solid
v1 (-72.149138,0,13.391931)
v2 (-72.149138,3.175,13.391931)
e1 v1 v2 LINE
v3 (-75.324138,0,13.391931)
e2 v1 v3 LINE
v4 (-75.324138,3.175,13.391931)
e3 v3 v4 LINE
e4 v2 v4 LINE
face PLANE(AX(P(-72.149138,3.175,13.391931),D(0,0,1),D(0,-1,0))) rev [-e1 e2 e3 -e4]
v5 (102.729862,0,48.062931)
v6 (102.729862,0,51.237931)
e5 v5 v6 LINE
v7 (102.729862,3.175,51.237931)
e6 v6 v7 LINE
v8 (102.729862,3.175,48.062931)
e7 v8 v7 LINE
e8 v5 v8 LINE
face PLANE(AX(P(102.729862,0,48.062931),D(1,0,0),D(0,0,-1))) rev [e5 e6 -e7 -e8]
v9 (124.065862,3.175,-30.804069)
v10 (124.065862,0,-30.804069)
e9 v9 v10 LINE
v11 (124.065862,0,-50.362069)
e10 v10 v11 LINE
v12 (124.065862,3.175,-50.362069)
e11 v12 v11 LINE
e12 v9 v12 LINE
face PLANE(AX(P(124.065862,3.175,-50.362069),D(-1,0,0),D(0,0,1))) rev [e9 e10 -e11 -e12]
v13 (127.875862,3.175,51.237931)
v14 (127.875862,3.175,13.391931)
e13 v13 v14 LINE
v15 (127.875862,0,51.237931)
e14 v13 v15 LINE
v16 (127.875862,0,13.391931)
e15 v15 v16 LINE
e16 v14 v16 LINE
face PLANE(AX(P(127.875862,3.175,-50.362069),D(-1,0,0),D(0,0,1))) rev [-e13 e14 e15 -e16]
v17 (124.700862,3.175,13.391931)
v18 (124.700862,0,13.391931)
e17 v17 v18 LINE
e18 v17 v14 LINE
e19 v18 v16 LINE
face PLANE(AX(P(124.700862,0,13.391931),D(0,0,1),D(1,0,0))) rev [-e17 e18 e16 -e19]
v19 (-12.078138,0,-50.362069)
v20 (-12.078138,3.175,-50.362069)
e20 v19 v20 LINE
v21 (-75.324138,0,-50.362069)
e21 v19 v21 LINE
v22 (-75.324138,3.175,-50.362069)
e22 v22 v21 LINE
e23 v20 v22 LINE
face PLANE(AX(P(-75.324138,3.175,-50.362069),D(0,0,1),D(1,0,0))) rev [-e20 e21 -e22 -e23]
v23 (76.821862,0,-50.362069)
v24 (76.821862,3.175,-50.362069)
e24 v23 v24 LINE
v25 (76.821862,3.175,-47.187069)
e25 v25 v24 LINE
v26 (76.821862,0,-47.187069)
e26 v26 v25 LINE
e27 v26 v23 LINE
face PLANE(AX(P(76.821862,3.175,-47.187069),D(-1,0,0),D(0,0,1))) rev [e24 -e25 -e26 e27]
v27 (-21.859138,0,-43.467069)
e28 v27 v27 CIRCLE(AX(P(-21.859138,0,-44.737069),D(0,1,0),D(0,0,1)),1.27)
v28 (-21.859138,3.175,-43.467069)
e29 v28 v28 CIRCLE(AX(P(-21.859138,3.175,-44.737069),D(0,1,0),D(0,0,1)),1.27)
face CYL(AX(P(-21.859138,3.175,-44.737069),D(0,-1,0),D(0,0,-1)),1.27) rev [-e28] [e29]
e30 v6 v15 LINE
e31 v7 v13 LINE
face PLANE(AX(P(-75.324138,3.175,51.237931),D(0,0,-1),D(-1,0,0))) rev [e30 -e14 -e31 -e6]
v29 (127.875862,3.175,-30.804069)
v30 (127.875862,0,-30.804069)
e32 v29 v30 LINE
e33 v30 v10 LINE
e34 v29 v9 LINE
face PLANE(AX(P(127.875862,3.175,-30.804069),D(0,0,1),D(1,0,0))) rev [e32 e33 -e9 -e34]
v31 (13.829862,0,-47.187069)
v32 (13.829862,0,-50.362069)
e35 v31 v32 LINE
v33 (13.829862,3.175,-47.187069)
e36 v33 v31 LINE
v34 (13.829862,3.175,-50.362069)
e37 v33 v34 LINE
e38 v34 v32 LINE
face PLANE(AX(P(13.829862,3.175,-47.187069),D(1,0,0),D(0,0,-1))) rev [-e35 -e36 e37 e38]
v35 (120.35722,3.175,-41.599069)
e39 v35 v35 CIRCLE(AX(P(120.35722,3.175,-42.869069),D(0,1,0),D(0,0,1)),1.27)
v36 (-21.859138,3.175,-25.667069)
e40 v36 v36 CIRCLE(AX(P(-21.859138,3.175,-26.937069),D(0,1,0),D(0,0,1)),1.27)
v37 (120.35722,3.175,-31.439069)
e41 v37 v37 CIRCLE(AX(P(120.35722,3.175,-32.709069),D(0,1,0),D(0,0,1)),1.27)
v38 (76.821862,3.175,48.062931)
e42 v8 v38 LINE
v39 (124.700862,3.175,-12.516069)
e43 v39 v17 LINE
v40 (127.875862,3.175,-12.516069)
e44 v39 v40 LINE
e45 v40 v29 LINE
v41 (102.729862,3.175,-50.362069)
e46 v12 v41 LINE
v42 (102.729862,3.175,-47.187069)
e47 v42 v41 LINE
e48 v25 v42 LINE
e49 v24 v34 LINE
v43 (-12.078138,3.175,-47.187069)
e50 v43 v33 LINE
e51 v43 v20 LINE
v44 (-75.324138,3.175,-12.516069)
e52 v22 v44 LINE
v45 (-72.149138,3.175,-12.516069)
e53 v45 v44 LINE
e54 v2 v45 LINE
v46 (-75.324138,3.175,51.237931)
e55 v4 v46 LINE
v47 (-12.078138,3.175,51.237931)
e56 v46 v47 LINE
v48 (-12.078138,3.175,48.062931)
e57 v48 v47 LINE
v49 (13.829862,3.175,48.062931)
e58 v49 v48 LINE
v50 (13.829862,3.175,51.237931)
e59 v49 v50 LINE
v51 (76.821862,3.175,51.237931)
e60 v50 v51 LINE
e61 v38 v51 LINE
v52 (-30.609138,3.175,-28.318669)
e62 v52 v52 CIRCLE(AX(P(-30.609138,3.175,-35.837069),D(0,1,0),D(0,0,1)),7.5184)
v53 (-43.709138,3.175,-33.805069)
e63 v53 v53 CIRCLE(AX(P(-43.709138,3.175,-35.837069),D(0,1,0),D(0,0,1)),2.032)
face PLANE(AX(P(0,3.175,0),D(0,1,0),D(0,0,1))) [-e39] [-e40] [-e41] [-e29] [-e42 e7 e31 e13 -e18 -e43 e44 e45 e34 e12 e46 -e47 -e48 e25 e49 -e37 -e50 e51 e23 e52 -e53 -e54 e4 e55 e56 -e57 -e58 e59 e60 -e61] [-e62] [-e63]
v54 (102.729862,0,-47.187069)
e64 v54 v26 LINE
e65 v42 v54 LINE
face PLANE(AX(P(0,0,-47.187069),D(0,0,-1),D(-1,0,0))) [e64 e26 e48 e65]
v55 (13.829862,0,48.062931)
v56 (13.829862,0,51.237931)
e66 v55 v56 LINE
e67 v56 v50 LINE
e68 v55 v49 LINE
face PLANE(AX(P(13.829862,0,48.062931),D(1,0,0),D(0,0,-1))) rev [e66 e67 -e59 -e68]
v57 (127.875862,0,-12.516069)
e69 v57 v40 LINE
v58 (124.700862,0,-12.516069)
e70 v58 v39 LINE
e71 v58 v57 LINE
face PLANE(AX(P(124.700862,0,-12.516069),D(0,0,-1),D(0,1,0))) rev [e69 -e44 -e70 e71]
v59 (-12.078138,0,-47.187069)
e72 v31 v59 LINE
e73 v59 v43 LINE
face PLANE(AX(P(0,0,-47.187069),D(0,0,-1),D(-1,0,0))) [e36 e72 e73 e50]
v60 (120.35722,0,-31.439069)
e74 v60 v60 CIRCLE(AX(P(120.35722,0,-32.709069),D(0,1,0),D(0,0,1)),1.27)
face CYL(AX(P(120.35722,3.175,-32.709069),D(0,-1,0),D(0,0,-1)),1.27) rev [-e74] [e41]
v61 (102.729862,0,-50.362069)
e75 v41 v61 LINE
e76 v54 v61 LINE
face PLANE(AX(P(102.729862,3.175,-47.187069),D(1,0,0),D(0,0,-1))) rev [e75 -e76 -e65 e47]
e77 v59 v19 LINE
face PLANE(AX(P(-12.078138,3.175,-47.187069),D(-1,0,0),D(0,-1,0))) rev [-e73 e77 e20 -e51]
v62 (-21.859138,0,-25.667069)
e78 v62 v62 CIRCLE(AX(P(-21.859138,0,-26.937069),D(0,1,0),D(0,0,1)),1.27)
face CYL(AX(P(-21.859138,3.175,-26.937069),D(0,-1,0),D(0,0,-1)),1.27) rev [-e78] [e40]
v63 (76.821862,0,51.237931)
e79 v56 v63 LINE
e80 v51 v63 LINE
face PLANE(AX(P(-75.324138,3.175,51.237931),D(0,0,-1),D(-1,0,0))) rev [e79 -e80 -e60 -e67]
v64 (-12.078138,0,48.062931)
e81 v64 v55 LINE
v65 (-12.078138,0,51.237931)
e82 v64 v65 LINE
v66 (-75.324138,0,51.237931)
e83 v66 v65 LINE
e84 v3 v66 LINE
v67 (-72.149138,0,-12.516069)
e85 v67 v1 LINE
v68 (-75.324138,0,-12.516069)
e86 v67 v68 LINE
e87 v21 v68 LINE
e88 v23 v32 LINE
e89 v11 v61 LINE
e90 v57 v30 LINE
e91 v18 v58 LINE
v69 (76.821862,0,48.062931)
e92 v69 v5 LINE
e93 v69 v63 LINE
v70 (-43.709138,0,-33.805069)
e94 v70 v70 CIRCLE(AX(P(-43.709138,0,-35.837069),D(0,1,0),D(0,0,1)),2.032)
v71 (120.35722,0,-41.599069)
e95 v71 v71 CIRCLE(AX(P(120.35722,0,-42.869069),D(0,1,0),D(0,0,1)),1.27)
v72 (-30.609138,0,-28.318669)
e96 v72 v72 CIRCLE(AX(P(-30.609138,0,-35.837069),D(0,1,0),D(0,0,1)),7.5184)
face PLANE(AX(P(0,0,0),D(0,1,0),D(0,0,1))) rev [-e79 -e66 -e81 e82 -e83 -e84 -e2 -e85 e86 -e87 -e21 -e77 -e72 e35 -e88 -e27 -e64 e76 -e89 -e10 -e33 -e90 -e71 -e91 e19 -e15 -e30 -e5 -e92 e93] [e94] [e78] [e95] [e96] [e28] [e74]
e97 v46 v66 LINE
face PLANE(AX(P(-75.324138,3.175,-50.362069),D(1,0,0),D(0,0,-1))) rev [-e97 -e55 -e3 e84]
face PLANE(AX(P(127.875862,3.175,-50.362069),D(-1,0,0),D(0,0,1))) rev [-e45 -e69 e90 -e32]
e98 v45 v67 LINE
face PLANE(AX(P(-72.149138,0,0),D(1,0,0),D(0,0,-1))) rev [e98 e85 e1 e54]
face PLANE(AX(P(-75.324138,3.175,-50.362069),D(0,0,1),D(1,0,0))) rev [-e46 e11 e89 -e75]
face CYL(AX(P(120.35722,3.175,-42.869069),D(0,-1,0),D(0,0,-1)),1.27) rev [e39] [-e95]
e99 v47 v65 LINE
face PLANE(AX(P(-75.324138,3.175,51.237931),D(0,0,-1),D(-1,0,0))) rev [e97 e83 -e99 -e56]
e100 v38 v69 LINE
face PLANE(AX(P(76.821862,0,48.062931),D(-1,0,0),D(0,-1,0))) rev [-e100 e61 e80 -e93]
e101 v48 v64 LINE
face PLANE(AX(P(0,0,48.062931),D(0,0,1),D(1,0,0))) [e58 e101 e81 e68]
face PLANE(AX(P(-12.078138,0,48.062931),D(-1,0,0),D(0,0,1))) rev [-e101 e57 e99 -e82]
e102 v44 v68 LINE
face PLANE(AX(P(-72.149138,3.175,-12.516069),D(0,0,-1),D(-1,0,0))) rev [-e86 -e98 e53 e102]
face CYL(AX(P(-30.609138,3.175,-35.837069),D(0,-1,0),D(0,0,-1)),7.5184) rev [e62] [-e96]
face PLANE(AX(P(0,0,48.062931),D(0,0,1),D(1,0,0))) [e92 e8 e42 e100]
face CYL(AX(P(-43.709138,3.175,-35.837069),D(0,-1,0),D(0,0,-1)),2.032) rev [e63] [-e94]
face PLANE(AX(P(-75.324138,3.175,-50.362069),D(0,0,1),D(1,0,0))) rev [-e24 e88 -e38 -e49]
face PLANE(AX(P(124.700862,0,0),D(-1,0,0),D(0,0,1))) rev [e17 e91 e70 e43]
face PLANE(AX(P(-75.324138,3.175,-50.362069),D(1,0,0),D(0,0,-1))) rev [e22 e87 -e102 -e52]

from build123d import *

# Parameters (mm, degrees)
SKETCH1_W           = 203.2
SKETCH1_H           = 101.6
SKETCH1_R           = 1.27
SKETCH1_R_2         = 7.5184
SKETCH1_R_3         = 2.032
BOSS_EXTRUDE1_DEPTH = 3.175
SKETCH2_W           = 25.908
SKETCH2_H           = 3.175
CUT_EXTRUDE1_DEPTH  = 3.175
SKETCH3_W           = 25.908
SKETCH3_H           = 3.175
CUT_EXTRUDE2_DEPTH  = 3.175
SKETCH5_W           = 25.908
SKETCH5_H           = 3.175
CUT_EXTRUDE3_DEPTH  = 3.175
SKETCH6_W           = 25.908
SKETCH6_H           = 3.175
CUT_EXTRUDE4_DEPTH  = 3.175
SKETCH7_W           = 3.81
SKETCH7_H           = 19.558
CUT_EXTRUDE5_DEPTH  = 3.175


with BuildPart() as part:
    # Sketch1 → Boss-Extrude1 (new body)
    with BuildSketch(Plane(origin=(0, 0, 0), x_dir=(1, 0, 0), z_dir=(0, 1, 0))):
        with Locations((26.275862069, -0.437931034)):
            Rectangle(SKETCH1_W, SKETCH1_H)
        with Locations((120.357219561, 32.709068966)):
            Circle(SKETCH1_R, mode=Mode.SUBTRACT)
        with Locations((120.357219561, 42.869068966)):
            Circle(SKETCH1_R, mode=Mode.SUBTRACT)
        with Locations((-30.609137931, 35.837068966)):
            Circle(SKETCH1_R_2, mode=Mode.SUBTRACT)
        with Locations((-43.709137931, 35.837068966)):
            Circle(SKETCH1_R_3, mode=Mode.SUBTRACT)
        with Locations((-21.859137931, 44.737068966)):
            Circle(SKETCH1_R, mode=Mode.SUBTRACT)
        with Locations((-21.859137931, 26.937068966)):
            Circle(SKETCH1_R, mode=Mode.SUBTRACT)
    extrude(amount=BOSS_EXTRUDE1_DEPTH)

    # Sketch2 → Cut-Extrude1 (cut)
    with BuildSketch(Plane(origin=(0, 0, -50.362068966), x_dir=(-1, 0, 0), z_dir=(0, 0, -1))):
        with Locations((-89.775862069, 1.5875)):
            Rectangle(SKETCH2_W, SKETCH2_H)
        with Locations((-0.875862069, 1.5875)):
            Rectangle(SKETCH2_W, SKETCH2_H)
    extrude(amount=-CUT_EXTRUDE1_DEPTH, mode=Mode.SUBTRACT)

    # Sketch3 → Cut-Extrude2 (cut)
    with BuildSketch(Plane.XY.offset(51.237931034)):
        with Locations((0.875862069, 1.5875)):
            Rectangle(SKETCH3_W, SKETCH3_H)
        with Locations((89.775862069, 1.5875)):
            Rectangle(SKETCH3_W, SKETCH3_H)
    extrude(amount=-CUT_EXTRUDE2_DEPTH, mode=Mode.SUBTRACT)

    # Sketch5 → Cut-Extrude3 (cut)
    with BuildSketch(Plane.ZY.offset(75.324137931)):
        with Locations((0.437931034, 1.5875)):
            Rectangle(SKETCH5_W, SKETCH5_H)
    extrude(amount=-CUT_EXTRUDE3_DEPTH, mode=Mode.SUBTRACT)

    # Sketch6 → Cut-Extrude4 (cut)
    with BuildSketch(Plane(origin=(127.875862069, 0, 0), x_dir=(0, 0, -1), z_dir=(1, 0, 0))):
        with Locations((-0.437931034, 1.5875)):
            Rectangle(SKETCH6_W, SKETCH6_H)
    extrude(amount=-CUT_EXTRUDE4_DEPTH, mode=Mode.SUBTRACT)

    # Sketch7 → Cut-Extrude5 (cut)
    with BuildSketch(Plane.XZ):
        with Locations((125.970862069, -40.583068966)):
            Rectangle(SKETCH7_W, SKETCH7_H)
    extrude(amount=-CUT_EXTRUDE5_DEPTH, mode=Mode.SUBTRACT)


solid = part.part
